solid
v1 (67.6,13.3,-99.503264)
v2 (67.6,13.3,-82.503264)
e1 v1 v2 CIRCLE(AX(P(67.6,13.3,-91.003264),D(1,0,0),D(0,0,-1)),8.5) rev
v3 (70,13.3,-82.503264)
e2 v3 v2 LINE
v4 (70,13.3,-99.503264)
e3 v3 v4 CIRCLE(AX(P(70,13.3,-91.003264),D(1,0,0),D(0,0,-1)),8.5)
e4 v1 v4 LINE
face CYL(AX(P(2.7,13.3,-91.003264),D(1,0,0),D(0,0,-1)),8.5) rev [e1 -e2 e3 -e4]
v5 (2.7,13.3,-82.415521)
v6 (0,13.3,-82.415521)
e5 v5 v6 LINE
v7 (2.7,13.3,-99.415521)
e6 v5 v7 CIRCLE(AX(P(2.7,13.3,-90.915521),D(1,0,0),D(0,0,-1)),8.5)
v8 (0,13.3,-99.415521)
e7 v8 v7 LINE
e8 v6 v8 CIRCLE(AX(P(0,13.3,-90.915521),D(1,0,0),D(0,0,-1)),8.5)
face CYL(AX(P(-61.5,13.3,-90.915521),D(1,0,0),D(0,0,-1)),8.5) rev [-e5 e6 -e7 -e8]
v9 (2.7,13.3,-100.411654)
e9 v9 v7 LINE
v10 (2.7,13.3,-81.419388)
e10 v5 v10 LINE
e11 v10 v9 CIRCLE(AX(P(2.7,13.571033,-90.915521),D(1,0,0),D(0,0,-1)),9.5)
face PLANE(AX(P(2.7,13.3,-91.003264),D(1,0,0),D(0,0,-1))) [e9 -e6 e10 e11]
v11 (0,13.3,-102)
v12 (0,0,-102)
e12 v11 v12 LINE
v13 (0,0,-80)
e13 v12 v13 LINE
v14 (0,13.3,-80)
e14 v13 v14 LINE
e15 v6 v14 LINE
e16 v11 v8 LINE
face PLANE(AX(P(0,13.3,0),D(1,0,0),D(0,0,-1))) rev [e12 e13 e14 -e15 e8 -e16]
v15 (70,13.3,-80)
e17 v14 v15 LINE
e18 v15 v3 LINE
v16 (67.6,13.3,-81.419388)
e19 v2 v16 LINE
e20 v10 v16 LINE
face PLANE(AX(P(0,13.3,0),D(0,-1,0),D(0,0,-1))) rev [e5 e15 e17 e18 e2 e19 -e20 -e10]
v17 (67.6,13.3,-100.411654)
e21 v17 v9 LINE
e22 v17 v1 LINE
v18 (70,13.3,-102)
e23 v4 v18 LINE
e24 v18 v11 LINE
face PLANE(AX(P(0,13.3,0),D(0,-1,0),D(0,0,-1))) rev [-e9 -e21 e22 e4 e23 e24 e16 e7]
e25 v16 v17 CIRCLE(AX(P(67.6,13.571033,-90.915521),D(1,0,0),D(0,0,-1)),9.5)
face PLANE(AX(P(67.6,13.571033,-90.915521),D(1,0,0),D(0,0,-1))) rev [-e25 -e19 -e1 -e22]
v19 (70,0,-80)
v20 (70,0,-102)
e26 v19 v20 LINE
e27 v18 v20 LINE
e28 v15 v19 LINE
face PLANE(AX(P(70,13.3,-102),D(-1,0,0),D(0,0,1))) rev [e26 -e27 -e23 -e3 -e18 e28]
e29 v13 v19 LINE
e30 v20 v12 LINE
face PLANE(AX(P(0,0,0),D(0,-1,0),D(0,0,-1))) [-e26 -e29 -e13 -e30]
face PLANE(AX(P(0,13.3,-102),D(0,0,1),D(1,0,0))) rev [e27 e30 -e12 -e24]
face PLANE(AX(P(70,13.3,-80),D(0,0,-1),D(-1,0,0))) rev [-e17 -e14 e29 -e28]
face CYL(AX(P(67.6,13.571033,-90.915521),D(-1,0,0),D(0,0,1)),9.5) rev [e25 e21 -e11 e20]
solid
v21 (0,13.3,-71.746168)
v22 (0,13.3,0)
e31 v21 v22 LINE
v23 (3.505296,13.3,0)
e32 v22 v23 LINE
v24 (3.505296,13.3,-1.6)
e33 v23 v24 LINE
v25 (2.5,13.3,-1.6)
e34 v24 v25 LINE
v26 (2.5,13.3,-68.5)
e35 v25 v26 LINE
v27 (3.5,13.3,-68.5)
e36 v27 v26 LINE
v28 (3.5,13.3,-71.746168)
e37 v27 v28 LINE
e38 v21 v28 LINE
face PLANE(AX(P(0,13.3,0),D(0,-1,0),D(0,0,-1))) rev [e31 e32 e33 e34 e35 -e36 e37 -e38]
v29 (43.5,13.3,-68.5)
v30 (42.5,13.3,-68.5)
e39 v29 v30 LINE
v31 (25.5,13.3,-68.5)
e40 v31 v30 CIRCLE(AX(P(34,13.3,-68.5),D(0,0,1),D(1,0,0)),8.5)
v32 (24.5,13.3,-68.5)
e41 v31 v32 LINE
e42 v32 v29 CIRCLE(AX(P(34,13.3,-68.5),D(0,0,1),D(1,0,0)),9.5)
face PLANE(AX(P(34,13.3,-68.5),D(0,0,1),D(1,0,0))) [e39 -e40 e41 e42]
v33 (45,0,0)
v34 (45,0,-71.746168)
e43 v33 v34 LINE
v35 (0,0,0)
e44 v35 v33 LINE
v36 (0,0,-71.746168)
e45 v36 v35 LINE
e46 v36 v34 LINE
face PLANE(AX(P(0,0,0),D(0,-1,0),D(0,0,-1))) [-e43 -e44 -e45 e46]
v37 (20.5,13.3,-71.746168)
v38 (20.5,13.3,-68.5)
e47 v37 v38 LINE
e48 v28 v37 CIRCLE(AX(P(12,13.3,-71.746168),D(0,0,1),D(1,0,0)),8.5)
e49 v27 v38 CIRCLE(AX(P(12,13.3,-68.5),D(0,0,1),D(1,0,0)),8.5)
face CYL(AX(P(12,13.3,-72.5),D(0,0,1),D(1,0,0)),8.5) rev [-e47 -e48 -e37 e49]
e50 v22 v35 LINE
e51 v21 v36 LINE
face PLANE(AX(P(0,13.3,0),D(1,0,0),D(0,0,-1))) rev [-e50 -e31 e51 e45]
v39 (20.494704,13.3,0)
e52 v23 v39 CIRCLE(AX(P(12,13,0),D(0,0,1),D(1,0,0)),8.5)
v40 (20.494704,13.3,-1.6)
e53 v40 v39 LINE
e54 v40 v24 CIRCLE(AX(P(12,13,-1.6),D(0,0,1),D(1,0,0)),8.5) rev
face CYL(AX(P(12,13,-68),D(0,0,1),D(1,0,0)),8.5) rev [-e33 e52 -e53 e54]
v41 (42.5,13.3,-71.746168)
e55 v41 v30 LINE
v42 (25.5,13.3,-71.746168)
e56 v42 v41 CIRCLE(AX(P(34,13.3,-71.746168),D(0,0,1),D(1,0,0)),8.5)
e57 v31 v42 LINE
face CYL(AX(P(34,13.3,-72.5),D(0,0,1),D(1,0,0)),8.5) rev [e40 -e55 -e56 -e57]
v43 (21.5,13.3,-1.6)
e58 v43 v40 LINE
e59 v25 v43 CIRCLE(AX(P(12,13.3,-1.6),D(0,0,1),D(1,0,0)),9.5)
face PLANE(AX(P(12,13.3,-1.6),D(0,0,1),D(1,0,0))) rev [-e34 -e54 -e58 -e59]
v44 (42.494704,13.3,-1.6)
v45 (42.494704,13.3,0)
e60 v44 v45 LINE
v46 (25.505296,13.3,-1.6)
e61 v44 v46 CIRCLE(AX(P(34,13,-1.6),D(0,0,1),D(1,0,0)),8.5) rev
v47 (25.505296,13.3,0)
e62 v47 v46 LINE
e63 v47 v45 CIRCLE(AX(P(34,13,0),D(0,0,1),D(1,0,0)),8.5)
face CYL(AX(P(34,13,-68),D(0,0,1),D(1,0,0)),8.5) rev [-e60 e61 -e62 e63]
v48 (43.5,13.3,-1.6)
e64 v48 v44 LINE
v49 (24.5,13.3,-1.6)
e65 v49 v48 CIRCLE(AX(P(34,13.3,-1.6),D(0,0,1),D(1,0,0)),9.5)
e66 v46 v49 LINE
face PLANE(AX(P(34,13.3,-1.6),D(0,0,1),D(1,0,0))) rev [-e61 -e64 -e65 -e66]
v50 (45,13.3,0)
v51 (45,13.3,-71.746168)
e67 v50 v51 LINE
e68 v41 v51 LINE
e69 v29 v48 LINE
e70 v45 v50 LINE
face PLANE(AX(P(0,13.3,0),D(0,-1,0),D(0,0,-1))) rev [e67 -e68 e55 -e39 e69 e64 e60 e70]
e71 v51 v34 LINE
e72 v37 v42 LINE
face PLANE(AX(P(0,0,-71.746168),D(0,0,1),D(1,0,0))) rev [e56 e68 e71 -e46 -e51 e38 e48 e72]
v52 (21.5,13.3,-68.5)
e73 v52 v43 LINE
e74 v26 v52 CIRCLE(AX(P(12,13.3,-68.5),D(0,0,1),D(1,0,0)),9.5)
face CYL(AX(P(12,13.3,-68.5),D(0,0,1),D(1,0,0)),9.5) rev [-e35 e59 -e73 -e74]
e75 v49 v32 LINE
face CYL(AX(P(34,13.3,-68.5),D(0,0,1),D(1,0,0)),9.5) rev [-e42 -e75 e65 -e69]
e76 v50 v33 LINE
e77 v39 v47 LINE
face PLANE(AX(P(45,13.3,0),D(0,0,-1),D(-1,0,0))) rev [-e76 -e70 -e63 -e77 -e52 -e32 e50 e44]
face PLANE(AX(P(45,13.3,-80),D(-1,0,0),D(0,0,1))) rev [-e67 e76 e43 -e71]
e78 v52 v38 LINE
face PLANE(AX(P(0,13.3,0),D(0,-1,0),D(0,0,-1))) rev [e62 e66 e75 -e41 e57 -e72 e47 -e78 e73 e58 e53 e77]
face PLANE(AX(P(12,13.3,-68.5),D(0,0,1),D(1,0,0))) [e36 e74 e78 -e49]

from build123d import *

# Parameters (mm, degrees)
BOSS_EXTRU_1_DEPTH           = 13.3
ESQUISSE2_R                  = 8.5
ENL_V_MAT_EXTRU_1_DEPTH      = 68
ENL_V_MAT_EXTRU_2_DEPTH      = 66.4
ENL_V_MAT_EXTRU_2_DEPTH_BACK = 0.5
ESQUISSE3_R                  = 9.5
ESQUISSE5_W                  = 8.253832041
ESQUISSE5_H                  = 13.3
ENL_V_MAT_EXTRU_3_DEPTH      = 113.275954683
ESQUISSE7_R                  = 8.5
ENL_V_MAT_EXTRU_5_DEPTH      = 4
ESQUISSE6_R                  = 8.5
ENL_V_MAT_EXTRU_4_DEPTH      = 67.3
ESQUISSE8_R                  = 9.5
ENL_V_MAT_EXTRU_6_DEPTH      = 64.9
ESQUISSE9_R                  = 8.5
ENL_V_MAT_EXTRU_7_DEPTH      = 64.2


with BuildPart() as part:
    # Esquisse1 → Boss.-Extru.1 (new body)
    with BuildSketch(Plane(origin=(0, 0, 0), x_dir=(1, 0, 0), z_dir=(0, 1, 0))):
        Polygon((0, 0), (0, 102), (70, 102), (70, 80), (45, 80), (45, 0), align=None)
    extrude(amount=BOSS_EXTRU_1_DEPTH)

    # Esquisse2 → Enlèv. mat.-Extru.1 (cut)
    with BuildSketch(Plane.XY):
        with Locations((12, 13)):
            Circle(ESQUISSE2_R)
        with Locations((34, 13)):
            Circle(ESQUISSE2_R)
    extrude(amount=-ENL_V_MAT_EXTRU_1_DEPTH, mode=Mode.SUBTRACT)

    # Esquisse3 → Enlèv. mat.-Extru.2 (cut, two sides: drawn at the far end of the back side and taken through both)
    with BuildSketch(Plane.XY.offset(-68).offset(-ENL_V_MAT_EXTRU_2_DEPTH_BACK)):
        with Locations((12, 13.3)):
            Circle(ESQUISSE3_R)
        with Locations((34, 13.3)):
            Circle(ESQUISSE3_R)
    extrude(amount=ENL_V_MAT_EXTRU_2_DEPTH + ENL_V_MAT_EXTRU_2_DEPTH_BACK, mode=Mode.SUBTRACT)

    # Esquisse5 → Enlèv. mat.-Extru.3 (cut, through all)
    with BuildSketch(Plane(origin=(45, 0, 0), x_dir=(0, 0, -1), z_dir=(1, 0, 0))):
        with Locations((75.873083979, 6.65)):
            Rectangle(ESQUISSE5_W, ESQUISSE5_H)
    extrude(amount=-ENL_V_MAT_EXTRU_3_DEPTH, mode=Mode.SUBTRACT)


with BuildPart() as enl_v_mat_extru_3_piece_1:
    # of the separate pieces the step leaves, piece 1, a body of its own (enl_v_mat_extru_3_pieces)
    add(part.part.solids().sort_by_distance((0, 0, 0))[0])

    # Esquisse7 → Enlèv. mat.-Extru.5 (cut)
    with BuildSketch(Plane.XY.offset(-68.5)):
        with Locations((34, 13.3)):
            Circle(ESQUISSE7_R)
        with Locations((12, 13.3)):
            Circle(ESQUISSE7_R)
    extrude(amount=-ENL_V_MAT_EXTRU_5_DEPTH, mode=Mode.SUBTRACT)


with BuildPart() as enl_v_mat_extru_3_piece_2:
    # of the separate pieces the step leaves, piece 2, a body of its own (enl_v_mat_extru_3_pieces)
    add(part.part.solids().sort_by_distance((0, 0, -80))[0])

    # Esquisse6 → Enlèv. mat.-Extru.4 (cut)
    with BuildSketch(Plane(origin=(70, 0, 0), x_dir=(0, 0, -1), z_dir=(1, 0, 0))):
        with Locations((91.003264198, 13.3)):
            Circle(ESQUISSE6_R)
    extrude(amount=-ENL_V_MAT_EXTRU_4_DEPTH, mode=Mode.SUBTRACT)

    # Esquisse8 → Enlèv. mat.-Extru.6 (cut)
    with BuildSketch(Plane(origin=(2.7, 0, 0), x_dir=(0, 0, -1), z_dir=(1, 0, 0))):
        with Locations((90.915521259, 13.571033135)):
            Circle(ESQUISSE8_R)
    extrude(amount=ENL_V_MAT_EXTRU_6_DEPTH, mode=Mode.SUBTRACT)

    # Esquisse9 → Enlèv. mat.-Extru.7 (cut)
    with BuildSketch(Plane(origin=(2.7, 0, 0), x_dir=(0, 0, -1), z_dir=(1, 0, 0))):
        with Locations((90.915521259, 13.3)):
            Circle(ESQUISSE9_R)
    extrude(amount=-ENL_V_MAT_EXTRU_7_DEPTH, mode=Mode.SUBTRACT)


solid = Compound([enl_v_mat_extru_3_piece_1.part, enl_v_mat_extru_3_piece_2.part])
